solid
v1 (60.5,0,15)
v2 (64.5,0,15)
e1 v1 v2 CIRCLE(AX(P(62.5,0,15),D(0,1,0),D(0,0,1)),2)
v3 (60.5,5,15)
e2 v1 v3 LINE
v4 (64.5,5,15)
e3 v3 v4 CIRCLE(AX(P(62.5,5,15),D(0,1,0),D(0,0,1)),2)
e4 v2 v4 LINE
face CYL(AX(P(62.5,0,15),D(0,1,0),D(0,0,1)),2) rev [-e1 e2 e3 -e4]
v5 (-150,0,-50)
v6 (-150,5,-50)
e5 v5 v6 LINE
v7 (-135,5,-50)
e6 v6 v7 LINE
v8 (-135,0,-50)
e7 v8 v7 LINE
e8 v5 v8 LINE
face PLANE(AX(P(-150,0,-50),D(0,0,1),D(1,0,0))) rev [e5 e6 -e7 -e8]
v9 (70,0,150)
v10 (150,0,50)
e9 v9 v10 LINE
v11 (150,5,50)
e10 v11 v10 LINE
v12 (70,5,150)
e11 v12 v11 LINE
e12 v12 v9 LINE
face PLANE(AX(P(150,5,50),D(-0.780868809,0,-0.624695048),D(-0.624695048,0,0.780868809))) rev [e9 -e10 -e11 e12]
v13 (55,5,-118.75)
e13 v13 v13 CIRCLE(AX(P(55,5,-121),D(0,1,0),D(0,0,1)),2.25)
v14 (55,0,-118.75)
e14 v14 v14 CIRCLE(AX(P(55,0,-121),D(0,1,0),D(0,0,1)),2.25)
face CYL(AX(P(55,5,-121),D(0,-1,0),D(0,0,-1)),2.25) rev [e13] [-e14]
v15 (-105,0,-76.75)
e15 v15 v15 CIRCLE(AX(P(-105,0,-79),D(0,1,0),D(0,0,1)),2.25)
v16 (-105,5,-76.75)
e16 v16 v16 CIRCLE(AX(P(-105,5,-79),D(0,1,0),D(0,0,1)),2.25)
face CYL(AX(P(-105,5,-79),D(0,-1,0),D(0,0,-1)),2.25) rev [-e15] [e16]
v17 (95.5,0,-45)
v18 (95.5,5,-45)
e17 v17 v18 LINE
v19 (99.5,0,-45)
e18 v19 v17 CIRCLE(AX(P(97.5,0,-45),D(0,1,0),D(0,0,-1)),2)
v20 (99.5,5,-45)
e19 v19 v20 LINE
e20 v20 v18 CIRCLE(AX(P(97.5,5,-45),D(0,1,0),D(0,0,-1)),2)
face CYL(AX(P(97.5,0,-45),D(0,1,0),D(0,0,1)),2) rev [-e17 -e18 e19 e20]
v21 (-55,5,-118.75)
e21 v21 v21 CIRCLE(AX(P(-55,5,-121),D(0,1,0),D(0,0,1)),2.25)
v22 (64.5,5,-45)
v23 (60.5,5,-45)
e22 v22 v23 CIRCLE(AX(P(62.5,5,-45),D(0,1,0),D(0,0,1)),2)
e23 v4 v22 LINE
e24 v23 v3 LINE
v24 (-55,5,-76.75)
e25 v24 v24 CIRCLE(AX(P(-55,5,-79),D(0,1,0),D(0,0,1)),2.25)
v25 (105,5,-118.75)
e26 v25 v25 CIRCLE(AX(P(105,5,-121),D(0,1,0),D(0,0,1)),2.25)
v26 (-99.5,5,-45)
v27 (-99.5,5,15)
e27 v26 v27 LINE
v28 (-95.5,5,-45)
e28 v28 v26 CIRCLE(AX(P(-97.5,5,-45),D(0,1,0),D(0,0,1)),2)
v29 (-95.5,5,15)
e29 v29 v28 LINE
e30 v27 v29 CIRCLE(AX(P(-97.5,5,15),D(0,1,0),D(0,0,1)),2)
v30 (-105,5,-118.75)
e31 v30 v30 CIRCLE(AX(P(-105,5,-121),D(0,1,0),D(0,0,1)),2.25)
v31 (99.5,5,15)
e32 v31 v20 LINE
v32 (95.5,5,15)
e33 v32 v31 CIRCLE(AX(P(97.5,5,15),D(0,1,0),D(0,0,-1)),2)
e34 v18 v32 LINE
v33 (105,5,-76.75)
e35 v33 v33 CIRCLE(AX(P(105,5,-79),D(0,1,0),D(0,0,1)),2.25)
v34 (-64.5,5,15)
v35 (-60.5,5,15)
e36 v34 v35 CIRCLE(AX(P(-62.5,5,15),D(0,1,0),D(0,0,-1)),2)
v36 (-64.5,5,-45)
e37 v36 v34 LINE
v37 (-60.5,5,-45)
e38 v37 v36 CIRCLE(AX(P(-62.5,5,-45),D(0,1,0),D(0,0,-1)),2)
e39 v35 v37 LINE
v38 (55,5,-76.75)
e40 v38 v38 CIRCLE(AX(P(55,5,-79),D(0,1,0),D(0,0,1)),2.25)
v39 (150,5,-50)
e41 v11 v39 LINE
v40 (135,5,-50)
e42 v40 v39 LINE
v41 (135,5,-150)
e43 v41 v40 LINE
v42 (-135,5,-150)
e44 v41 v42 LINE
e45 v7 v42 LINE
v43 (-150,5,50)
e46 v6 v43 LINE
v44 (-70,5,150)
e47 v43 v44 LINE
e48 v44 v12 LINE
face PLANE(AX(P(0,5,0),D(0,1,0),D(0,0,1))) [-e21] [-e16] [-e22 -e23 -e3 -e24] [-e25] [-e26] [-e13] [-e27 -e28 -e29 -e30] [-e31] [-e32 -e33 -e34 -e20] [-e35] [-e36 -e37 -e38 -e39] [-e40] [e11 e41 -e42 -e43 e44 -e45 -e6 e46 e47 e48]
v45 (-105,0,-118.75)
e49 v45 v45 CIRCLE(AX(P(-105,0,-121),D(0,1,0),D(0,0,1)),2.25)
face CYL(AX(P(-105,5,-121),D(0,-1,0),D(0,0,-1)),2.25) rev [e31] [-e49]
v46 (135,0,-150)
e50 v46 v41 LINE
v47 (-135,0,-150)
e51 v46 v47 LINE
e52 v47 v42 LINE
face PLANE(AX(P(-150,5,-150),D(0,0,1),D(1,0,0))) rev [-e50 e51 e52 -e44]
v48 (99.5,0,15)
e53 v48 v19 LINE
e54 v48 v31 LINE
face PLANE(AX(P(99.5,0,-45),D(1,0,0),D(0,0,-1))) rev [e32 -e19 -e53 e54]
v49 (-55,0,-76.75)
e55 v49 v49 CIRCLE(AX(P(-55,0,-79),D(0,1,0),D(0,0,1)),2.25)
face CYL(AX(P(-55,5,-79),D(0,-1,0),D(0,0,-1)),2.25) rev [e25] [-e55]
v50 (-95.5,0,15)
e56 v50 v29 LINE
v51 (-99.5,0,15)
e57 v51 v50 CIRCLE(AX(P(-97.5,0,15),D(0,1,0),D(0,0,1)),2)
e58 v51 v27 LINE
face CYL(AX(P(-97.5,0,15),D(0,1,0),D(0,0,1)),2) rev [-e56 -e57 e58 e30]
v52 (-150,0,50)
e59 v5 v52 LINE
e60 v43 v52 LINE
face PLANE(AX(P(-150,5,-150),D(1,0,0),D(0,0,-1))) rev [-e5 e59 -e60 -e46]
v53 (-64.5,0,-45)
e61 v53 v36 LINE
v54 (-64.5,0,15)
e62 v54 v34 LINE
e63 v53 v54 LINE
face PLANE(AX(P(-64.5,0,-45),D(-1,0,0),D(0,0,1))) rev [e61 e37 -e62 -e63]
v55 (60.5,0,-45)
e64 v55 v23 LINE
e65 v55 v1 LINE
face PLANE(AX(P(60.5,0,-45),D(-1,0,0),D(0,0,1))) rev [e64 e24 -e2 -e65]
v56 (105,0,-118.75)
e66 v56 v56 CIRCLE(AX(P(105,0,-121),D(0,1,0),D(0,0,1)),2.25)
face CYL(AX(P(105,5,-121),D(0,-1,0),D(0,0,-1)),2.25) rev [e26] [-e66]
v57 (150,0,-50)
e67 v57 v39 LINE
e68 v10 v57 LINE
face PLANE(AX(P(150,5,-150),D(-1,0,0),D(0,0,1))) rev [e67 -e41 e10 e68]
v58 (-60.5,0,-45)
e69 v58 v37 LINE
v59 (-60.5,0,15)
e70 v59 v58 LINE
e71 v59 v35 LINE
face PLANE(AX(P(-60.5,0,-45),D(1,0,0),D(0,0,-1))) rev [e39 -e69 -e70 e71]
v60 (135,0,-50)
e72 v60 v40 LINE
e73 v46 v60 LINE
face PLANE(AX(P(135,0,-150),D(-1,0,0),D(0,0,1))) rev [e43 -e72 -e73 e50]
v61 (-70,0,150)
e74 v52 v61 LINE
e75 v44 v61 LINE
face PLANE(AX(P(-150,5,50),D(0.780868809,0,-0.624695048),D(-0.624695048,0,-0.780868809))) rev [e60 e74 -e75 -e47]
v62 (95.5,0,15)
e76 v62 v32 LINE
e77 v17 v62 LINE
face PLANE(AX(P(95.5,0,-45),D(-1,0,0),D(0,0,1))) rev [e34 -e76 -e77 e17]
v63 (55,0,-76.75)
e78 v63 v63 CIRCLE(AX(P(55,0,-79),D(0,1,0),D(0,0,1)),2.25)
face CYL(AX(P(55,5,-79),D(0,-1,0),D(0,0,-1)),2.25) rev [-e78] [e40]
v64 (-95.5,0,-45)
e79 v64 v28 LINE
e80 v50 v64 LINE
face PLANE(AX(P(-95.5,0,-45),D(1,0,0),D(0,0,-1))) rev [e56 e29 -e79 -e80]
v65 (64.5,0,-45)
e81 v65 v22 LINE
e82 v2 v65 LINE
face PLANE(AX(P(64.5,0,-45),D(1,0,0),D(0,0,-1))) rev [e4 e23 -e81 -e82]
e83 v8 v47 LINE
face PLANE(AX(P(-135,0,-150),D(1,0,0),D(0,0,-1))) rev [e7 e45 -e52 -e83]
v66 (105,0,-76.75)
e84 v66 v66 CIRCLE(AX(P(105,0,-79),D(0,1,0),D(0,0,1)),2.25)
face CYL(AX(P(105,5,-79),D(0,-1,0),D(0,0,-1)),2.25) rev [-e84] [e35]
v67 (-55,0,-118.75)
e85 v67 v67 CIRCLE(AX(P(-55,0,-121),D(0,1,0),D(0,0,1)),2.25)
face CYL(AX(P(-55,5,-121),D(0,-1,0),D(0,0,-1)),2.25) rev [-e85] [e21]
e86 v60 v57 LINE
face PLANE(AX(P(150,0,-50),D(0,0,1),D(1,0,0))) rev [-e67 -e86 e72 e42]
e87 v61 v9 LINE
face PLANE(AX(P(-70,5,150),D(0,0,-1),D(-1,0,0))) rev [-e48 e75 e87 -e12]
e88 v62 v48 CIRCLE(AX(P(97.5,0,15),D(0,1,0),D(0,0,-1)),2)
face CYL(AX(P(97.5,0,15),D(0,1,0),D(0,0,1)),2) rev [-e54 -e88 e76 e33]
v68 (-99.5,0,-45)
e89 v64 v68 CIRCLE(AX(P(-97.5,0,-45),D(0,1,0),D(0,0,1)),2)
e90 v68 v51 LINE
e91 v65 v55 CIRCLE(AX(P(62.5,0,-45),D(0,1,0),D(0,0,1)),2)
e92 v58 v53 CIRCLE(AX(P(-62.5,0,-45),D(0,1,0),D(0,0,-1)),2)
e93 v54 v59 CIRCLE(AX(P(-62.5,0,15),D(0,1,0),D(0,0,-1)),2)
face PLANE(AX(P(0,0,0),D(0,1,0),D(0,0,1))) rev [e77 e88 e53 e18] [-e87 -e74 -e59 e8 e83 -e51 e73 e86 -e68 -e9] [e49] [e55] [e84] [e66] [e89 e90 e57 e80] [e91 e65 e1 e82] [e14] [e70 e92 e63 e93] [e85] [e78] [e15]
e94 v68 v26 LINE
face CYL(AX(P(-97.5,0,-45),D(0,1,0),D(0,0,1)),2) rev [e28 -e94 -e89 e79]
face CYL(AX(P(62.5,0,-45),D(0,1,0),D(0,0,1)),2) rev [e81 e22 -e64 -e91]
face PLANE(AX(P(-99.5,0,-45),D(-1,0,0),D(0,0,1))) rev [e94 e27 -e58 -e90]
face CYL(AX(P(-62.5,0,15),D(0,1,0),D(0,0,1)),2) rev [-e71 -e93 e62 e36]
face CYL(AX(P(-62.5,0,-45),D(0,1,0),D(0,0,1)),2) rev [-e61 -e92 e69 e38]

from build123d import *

# Parameters (mm, degrees)
SKETCH_2_R          = 2.25
EXTRUDE_2_DEPTH     = 5
SKETCH_3_W          = 15
SKETCH_3_H          = 100
CUT_EXTRUDE_1_DEPTH = 5
CUT_EXTRUDE_2_DEPTH = 5


with BuildPart() as part:
    # 草圖2 → 填料-伸長2 (new body)
    with BuildSketch(Plane(origin=(0, 0, 0), x_dir=(1, 0, 0), z_dir=(0, 1, 0))):
        Polygon((-150, 150), (150, 150), (150, -50), (70, -150), (-70, -150), (-150, -50), align=None)
        with Locations((-105, 121)):
            Circle(SKETCH_2_R, mode=Mode.SUBTRACT)
        with Locations((-105, 79)):
            Circle(SKETCH_2_R, mode=Mode.SUBTRACT)
        with Locations((-55, 79)):
            Circle(SKETCH_2_R, mode=Mode.SUBTRACT)
        with Locations((-55, 121)):
            Circle(SKETCH_2_R, mode=Mode.SUBTRACT)
        with Locations((55, 121)):
            Circle(SKETCH_2_R, mode=Mode.SUBTRACT)
        with Locations((55, 79)):
            Circle(SKETCH_2_R, mode=Mode.SUBTRACT)
        with Locations((105, 121)):
            Circle(SKETCH_2_R, mode=Mode.SUBTRACT)
        with Locations((105, 79)):
            Circle(SKETCH_2_R, mode=Mode.SUBTRACT)
    extrude(amount=EXTRUDE_2_DEPTH)

    # 草圖3 → 除料-伸長1 (cut)
    with BuildSketch(Plane(origin=(0, 5, 0), x_dir=(1, 0, 0), z_dir=(0, 1, 0))):
        with Locations((-142.5, 100)):
            Rectangle(SKETCH_3_W, SKETCH_3_H)
        with Locations((142.5, 100)):
            Rectangle(SKETCH_3_W, SKETCH_3_H)
    extrude(amount=-CUT_EXTRUDE_1_DEPTH, mode=Mode.SUBTRACT)

    # 草圖4 → 除料-伸長2 (cut)
    with BuildSketch(Plane(origin=(0, 5, 0), x_dir=(1, 0, 0), z_dir=(0, 1, 0))):
        with BuildLine():
            Line((-95.5, 45), (-95.5, -15))
            ThreePointArc((-95.5, -15), (-97.5, -17), (-99.5, -15))
            Line((-99.5, -15), (-99.5, 45))
            ThreePointArc((-99.5, 45), (-97.5, 47), (-95.5, 45))
        make_face()
        with BuildLine():
            Line((-64.5, 45), (-64.5, -15))
            ThreePointArc((-64.5, -15), (-62.5, -17), (-60.5, -15))
            Line((-60.5, -15), (-60.5, 45))
            ThreePointArc((-60.5, 45), (-62.5, 47), (-64.5, 45))
        make_face()
        with BuildLine():
            Line((95.5, 45), (95.5, -15))
            ThreePointArc((95.5, -15), (97.5, -17), (99.5, -15))
            Line((99.5, -15), (99.5, 45))
            ThreePointArc((99.5, 45), (97.5, 47), (95.5, 45))
        make_face()
        with BuildLine():
            Line((64.5, 45), (64.5, -15))
            ThreePointArc((64.5, -15), (62.5, -17), (60.5, -15))
            Line((60.5, -15), (60.5, 45))
            ThreePointArc((60.5, 45), (62.5, 47), (64.5, 45))
        make_face()
    extrude(amount=-CUT_EXTRUDE_2_DEPTH, mode=Mode.SUBTRACT)


solid = part.part
